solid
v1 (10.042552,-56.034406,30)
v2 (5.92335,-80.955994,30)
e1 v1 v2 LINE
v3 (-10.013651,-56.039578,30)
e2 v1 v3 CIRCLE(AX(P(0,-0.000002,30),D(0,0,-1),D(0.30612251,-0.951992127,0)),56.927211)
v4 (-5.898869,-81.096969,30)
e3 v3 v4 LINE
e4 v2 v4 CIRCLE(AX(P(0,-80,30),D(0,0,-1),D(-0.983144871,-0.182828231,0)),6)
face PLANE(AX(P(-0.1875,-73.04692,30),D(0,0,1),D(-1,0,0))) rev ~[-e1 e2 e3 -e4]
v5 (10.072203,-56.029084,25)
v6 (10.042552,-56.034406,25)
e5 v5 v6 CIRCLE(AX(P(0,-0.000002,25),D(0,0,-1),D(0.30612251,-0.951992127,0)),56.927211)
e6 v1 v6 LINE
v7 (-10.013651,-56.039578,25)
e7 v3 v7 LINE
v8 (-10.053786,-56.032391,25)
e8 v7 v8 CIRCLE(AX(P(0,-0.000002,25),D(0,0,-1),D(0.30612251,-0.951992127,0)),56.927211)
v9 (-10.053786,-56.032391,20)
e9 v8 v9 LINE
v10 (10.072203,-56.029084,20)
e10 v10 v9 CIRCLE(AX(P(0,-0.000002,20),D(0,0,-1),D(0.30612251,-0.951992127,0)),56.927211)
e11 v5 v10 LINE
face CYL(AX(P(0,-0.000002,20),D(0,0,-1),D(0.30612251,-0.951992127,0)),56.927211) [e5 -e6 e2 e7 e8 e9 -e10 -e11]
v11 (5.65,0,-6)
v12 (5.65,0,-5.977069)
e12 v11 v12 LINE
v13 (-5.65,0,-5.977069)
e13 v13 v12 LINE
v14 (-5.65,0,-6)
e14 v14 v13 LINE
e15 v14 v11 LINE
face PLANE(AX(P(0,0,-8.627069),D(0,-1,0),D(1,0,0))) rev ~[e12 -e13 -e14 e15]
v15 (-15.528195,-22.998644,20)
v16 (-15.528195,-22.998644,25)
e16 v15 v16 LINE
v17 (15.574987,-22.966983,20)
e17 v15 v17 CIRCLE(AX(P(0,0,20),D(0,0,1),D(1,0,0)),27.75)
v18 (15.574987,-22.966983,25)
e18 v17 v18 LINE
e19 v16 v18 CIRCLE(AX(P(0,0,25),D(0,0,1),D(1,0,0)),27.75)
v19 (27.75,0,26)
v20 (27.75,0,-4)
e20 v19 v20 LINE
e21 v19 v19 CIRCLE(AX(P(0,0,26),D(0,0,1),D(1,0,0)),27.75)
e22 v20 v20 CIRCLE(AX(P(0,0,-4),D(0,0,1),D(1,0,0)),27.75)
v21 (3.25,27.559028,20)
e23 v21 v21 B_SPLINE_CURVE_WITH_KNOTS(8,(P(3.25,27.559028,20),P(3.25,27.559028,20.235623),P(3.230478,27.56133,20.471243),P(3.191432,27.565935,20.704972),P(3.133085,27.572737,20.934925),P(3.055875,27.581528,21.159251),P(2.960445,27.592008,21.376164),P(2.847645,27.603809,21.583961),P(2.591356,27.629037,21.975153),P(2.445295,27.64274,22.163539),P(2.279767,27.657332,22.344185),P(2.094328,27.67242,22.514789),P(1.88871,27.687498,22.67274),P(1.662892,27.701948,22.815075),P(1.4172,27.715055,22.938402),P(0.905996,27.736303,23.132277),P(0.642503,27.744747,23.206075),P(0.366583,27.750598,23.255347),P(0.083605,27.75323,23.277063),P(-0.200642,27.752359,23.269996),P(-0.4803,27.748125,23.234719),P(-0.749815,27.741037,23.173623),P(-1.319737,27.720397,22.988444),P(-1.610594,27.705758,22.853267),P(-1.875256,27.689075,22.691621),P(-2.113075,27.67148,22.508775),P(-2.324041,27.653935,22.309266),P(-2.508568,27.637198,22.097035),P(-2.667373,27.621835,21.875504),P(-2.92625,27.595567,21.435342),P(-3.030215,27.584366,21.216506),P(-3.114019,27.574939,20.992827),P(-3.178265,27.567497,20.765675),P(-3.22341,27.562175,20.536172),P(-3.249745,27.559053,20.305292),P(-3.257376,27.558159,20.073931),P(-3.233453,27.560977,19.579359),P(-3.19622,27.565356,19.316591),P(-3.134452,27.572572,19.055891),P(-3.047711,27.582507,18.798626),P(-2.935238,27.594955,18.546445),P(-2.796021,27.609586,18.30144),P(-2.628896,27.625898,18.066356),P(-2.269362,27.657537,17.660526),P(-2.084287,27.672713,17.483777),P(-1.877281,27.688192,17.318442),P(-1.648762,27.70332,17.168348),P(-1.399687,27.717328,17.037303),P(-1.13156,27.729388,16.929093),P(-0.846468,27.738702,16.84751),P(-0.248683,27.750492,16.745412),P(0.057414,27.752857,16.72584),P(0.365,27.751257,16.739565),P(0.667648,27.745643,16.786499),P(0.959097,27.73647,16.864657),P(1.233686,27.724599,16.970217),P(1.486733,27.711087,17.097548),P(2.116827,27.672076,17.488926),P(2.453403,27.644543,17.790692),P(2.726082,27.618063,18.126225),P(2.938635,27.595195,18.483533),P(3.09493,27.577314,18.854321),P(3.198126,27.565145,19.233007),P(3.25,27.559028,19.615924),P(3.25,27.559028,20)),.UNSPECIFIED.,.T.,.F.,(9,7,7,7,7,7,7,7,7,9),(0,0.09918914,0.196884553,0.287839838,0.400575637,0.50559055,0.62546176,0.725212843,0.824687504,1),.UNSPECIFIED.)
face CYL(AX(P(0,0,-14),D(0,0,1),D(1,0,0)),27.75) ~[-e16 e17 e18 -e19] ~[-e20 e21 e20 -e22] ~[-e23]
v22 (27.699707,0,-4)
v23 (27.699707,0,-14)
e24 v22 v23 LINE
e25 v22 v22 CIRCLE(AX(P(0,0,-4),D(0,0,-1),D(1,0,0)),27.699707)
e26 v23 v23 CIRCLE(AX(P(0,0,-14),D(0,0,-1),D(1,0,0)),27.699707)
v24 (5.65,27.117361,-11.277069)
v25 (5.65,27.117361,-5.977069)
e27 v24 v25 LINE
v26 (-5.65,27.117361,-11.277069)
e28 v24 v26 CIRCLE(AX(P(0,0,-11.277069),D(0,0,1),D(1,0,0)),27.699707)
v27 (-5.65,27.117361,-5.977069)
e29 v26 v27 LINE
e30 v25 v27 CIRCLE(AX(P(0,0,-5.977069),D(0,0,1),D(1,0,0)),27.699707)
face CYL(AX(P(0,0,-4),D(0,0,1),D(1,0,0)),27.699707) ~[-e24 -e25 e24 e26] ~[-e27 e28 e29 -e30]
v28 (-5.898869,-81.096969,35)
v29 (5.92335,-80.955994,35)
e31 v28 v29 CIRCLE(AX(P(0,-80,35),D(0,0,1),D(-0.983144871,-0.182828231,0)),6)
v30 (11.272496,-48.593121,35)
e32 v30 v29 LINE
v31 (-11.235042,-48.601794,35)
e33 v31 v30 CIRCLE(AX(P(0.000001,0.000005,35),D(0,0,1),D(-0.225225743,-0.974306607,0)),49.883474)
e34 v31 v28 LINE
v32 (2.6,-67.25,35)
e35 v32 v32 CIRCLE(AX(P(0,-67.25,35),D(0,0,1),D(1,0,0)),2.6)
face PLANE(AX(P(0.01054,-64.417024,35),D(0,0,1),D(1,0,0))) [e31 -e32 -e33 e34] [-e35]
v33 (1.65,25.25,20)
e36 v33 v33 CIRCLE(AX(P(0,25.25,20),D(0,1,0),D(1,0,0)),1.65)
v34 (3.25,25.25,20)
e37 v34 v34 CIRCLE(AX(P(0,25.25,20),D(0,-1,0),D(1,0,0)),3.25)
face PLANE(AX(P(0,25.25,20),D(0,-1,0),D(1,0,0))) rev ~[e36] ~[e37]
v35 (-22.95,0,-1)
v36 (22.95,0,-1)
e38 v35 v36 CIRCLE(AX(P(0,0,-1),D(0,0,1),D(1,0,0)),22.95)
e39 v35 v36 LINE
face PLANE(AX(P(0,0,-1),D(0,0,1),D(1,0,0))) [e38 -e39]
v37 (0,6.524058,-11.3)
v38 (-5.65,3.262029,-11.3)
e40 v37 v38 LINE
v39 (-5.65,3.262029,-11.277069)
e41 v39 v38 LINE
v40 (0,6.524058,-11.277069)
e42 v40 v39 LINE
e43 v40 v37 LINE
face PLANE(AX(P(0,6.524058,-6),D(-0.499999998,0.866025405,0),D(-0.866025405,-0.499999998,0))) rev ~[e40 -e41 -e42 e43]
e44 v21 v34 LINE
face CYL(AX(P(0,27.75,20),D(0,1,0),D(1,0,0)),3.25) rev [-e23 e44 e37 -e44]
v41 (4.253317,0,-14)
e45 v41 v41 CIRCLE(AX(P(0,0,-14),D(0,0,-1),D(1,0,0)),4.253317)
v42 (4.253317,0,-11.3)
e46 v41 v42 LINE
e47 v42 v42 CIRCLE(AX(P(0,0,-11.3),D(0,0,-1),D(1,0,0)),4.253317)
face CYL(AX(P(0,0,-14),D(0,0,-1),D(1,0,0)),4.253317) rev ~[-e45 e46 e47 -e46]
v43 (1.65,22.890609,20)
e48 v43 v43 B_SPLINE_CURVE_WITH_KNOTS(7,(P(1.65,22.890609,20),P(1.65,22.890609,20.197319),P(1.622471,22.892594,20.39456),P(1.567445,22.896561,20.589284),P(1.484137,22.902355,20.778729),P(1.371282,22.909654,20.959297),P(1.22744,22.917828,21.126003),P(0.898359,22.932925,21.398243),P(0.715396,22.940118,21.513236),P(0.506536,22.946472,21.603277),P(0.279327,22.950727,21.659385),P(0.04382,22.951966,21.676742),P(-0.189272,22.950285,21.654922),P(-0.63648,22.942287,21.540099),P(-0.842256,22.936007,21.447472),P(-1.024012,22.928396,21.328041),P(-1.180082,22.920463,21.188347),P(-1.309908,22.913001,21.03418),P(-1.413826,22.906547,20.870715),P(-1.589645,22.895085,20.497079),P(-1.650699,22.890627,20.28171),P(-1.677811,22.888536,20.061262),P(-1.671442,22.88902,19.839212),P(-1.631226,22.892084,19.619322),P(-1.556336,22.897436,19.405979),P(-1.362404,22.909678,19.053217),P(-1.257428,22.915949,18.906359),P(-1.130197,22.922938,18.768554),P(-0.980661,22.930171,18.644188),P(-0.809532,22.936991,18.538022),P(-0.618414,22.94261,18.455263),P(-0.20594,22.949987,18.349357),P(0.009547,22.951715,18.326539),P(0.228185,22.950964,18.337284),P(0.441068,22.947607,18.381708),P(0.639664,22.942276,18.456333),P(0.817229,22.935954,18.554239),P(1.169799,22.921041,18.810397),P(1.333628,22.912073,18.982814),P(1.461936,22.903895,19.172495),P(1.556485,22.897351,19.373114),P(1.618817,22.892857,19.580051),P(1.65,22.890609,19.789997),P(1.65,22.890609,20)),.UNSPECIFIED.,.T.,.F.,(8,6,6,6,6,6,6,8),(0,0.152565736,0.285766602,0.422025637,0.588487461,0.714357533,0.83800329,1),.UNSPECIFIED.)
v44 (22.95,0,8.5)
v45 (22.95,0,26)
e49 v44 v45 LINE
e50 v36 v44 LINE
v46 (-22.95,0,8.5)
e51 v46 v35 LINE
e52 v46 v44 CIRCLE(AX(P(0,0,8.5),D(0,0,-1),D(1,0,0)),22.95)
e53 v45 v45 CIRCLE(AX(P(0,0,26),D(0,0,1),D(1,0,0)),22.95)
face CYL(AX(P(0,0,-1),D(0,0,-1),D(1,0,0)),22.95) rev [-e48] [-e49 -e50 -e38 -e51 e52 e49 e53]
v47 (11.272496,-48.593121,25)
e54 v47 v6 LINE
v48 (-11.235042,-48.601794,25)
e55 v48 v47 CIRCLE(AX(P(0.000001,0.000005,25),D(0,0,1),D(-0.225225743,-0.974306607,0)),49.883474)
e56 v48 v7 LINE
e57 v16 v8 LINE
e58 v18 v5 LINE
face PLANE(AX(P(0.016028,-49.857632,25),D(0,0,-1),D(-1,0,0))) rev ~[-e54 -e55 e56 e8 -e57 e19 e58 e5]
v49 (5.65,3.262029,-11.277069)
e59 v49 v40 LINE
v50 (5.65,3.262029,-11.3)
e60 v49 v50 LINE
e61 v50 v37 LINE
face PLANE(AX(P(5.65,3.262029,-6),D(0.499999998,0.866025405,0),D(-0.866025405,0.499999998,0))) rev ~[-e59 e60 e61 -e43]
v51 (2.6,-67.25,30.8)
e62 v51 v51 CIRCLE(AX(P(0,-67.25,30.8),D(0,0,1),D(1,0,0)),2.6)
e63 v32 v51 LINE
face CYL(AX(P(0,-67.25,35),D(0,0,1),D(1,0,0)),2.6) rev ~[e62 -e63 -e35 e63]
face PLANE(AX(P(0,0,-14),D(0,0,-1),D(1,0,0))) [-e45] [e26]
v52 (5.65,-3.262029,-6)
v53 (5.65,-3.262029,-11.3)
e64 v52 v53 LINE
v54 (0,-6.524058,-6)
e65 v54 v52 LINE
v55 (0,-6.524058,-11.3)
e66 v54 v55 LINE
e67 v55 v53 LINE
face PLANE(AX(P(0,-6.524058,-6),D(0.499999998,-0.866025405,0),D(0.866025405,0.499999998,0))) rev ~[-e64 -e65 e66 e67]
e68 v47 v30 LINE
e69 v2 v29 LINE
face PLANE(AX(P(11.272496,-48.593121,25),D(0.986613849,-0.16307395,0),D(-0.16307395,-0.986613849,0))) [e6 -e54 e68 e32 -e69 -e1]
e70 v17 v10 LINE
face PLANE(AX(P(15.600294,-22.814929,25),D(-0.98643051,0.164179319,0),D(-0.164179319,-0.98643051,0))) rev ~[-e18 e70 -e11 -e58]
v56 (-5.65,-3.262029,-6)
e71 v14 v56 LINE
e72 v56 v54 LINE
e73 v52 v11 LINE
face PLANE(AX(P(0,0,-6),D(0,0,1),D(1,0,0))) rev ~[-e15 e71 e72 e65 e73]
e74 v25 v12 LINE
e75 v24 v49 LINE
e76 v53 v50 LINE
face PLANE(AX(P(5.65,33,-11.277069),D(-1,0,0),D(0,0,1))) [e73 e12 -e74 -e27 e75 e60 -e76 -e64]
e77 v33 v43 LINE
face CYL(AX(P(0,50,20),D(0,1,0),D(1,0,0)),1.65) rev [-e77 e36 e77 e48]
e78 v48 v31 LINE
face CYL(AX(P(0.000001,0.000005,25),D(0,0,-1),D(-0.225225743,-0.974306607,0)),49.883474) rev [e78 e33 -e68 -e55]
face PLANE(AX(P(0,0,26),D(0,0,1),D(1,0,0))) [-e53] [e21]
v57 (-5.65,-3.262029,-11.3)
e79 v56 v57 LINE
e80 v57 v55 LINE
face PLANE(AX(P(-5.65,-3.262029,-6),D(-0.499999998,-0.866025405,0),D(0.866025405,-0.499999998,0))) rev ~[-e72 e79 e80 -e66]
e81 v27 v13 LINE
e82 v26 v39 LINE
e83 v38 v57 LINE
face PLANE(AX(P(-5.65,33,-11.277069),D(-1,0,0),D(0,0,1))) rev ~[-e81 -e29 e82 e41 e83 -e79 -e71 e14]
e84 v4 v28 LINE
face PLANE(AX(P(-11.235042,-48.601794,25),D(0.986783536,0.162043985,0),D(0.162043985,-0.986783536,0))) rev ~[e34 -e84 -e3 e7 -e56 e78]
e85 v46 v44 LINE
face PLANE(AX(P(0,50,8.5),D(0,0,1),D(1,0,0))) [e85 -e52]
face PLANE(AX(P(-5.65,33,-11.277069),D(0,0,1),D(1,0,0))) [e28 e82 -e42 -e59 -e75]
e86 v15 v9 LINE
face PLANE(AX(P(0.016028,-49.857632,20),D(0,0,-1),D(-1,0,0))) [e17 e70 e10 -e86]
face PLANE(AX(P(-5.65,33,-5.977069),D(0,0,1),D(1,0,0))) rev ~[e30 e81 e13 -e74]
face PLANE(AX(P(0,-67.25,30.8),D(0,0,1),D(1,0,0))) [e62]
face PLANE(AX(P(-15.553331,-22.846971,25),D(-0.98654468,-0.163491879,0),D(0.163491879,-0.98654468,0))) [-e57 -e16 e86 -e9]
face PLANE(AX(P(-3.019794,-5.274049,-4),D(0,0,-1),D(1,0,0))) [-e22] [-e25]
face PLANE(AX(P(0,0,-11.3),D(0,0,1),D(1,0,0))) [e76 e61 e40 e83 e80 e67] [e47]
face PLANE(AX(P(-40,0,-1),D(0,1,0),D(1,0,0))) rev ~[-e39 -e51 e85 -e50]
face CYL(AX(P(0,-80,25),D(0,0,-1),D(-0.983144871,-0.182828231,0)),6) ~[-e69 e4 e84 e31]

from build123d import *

# Parameters (mm, degrees)
CYLINDER016_R     = 1.65
CYLINDER016_DEPTH = 50
CYLINDER017_R     = 3.25
CYLINDER017_DEPTH = 2.5
BOX005_W          = 80
BOX005_H          = 100
BOX005_DEPTH      = 9.5
CYLINDER014_R     = 22.95
CYLINDER014_DEPTH = 27
CYLINDER015_R     = 27.75
CYLINDER015_DEPTH = 40
SKETCH013_R       = 27.75
PAD001_DEPTH      = 10
SKETCH014_W       = 24
SKETCH014_H       = 14.2
POCKET013_DEPTH   = 28
SKETCH015_R       = 8.1
POCKET014_DEPTH   = 15
POCKET015_DEPTH   = 14.4
PAD003_DEPTH      = 5
PAD004_DEPTH      = 10
POCKET017_DEPTH   = 10
SKETCH022_R       = 2.6
POCKET018_DEPTH   = 4.2
SKETCH023_W       = 108.293205
SKETCH023_H       = 87.132465
POCKET019_DEPTH   = 20
SKETCH024_R       = 27.699707
PAD005_DEPTH      = 10
SKETCH025_W       = 11.3
SKETCH025_H       = 5.3
POCKET020_DEPTH   = 33
POCKET021_DEPTH   = 5.3
SKETCH027_R       = 4.253317
POCKET022_DEPTH   = 8


with BuildPart() as cylinder016:
    # Cylinder016 → Cylinder016 (new body)
    with BuildSketch(Plane(origin=(0, 50, 20), x_dir=(1, 0, 0), z_dir=(0, -1, 0))):
        Circle(CYLINDER016_R)
    extrude(amount=CYLINDER016_DEPTH)


with BuildPart() as cylinder017:
    # Cylinder017 → Cylinder017 (new body)
    with BuildSketch(Plane(origin=(0, 27.75, 20), x_dir=(1, 0, 0), z_dir=(0, -1, 0))):
        Circle(CYLINDER017_R)
    extrude(amount=CYLINDER017_DEPTH)


with BuildPart() as addcube001:
    # Box005 → Box005 (new body)
    with BuildSketch(Plane(origin=(-40, 0, -1), x_dir=(1, 0, 0), z_dir=(0, 0, 1))):
        with Locations((40, 50)):
            Rectangle(BOX005_W, BOX005_H)
    extrude(amount=BOX005_DEPTH)


with BuildPart() as fusion007:
    # Cylinder014 → Cylinder014 (new body)
    with BuildSketch(Plane.XY.offset(-1)):
        Circle(CYLINDER014_R)
    extrude(amount=CYLINDER014_DEPTH)

    # Cut011: cut AddCube001
    add(addcube001.part, mode=Mode.SUBTRACT)

    # Fusion007: union Cylinder016, Cylinder017
    add(cylinder016.part)
    add(cylinder017.part)


with BuildPart() as mounttotripod:
    # Cylinder015 → Cylinder015 (new body)
    with BuildSketch(Plane.XY.offset(-14)):
        Circle(CYLINDER015_R)
    extrude(amount=CYLINDER015_DEPTH)

    # Cut010: cut Fusion007
    add(fusion007.part, mode=Mode.SUBTRACT)

    # Sketch013 (on Face2 of BaseFeature003) → Pad001 (new body)
    with BuildSketch(Plane(origin=(0, 0, -14), x_dir=(1, 0, 0), z_dir=(0, 0, -1))):
        Circle(SKETCH013_R)
    extrude(amount=PAD001_DEPTH)

    # Sketch014 → Pocket013 (cut)
    with BuildSketch(Plane(origin=(0, 28, 0), x_dir=(-1, 0, 0), z_dir=(0, 1, 0))):
        with Locations((0, -12.1)):
            Rectangle(SKETCH014_W, SKETCH014_H)
    extrude(amount=-POCKET013_DEPTH, mode=Mode.SUBTRACT)

    # Sketch015 (on Face6 of Pocket013) → Pocket014 (cut)
    with BuildSketch(Plane(origin=(0, 0, -24), x_dir=(1, 0, 0), z_dir=(0, 0, -1))):
        Circle(SKETCH015_R)
    extrude(amount=-POCKET014_DEPTH, mode=Mode.SUBTRACT)

    # Sketch016 (on Face6 of Pocket014) → Pocket015 (cut)
    with BuildSketch(Plane(origin=(0, 0, -19.3), x_dir=(1, 0, 0), z_dir=(0, 0, -1))):
        Polygon((0, -14.036056), (12.155581, -7.018028), (12.155581, 7.018028), (0, 14.036056), (-12.155581, 7.018028), (-12.155581, -7.018028), align=None)
    extrude(amount=-POCKET015_DEPTH, mode=Mode.SUBTRACT)

    # Sketch019 (on Face8 of Pocket015) → Pad003 (join)
    with BuildSketch(Plane.XY.offset(25)):
        with BuildLine():
            ThreePointArc((-15.553331, -22.846971), (0.028426, -27.638548), (15.600294, -22.814929))
            Line((15.600294, -22.814929), (5.918583, -80.985076))
            ThreePointArc((-5.919268, -80.980951), (-0.002091, -86), (5.918583, -80.985076))
            Line((-15.553331, -22.846971), (-5.919268, -80.980951))
        make_face()
    extrude(amount=-PAD003_DEPTH)

    # Sketch020 (on Face12 of Pad003) → Pad004 (join)
    with BuildSketch(Plane.XY.offset(25)):
        with BuildLine():
            ThreePointArc((-5.898869, -81.096969), (0.071542, -85.999573), (5.92335, -80.955994))
            Line((11.272496, -48.593121), (5.92335, -80.955994))
            ThreePointArc((-11.235042, -48.601794), (0.019223, -49.883466), (11.272496, -48.593121))
            Line((-11.235042, -48.601794), (-5.898869, -81.096969))
        make_face()
    extrude(amount=PAD004_DEPTH)

    # Sketch021 (on Face10 of Pad004) → Pocket017 (cut)
    with BuildSketch(Plane(origin=(0, 0, 20), x_dir=(1, 0, 0), z_dir=(0, 0, -1))):
        with BuildLine():
            ThreePointArc((17.426701, 54.194258), (-0.181494, 56.926923), (-17.771906, 54.082038))
            Line((-17.771906, 54.082038), (-17.771906, 91.276634))
            Line((17.426701, 91.276634), (-17.771906, 91.276634))
            Line((17.426701, 54.194258), (17.426701, 91.276634))
        make_face()
    extrude(amount=-POCKET017_DEPTH, mode=Mode.SUBTRACT)

    # Sketch022 (on Face33 of Pocket017) → Pocket018 (cut)
    with BuildSketch(Plane.XY.offset(35)):
        with Locations((0, -67.25)):
            Circle(SKETCH022_R)
    extrude(amount=-POCKET018_DEPTH, mode=Mode.SUBTRACT)

    # Sketch023 (on Face6 of Pocket018) → Pocket019 (cut)
    with BuildSketch(Plane(origin=(0, 0, -24), x_dir=(1, 0, 0), z_dir=(0, 0, -1))):
        with Locations((-3.019794, 5.274049)):
            Rectangle(SKETCH023_W, SKETCH023_H)
    extrude(amount=-POCKET019_DEPTH, mode=Mode.SUBTRACT)

    # Sketch024 (on Face2 of Pocket019) → Pad005 (join)
    with BuildSketch(Plane(origin=(0, 0, -4), x_dir=(1, 0, 0), z_dir=(0, 0, -1))):
        Circle(SKETCH024_R)
    extrude(amount=PAD005_DEPTH)

    # Sketch025 → Pocket020 (cut)
    with BuildSketch(Plane.XZ.offset(-33)):
        with Locations((0, -8.627069)):
            Rectangle(SKETCH025_W, SKETCH025_H)
    extrude(amount=POCKET020_DEPTH, mode=Mode.SUBTRACT)

    # Sketch026 → Pocket021 (cut)
    with BuildSketch(Plane.XY.offset(-6)):
        Polygon((5.65, -3.262029), (5.65, 3.262029), (0, 6.524058), (-5.65, 3.262029), (-5.65, -3.262029), (0, -6.524058), align=None)
    extrude(amount=-POCKET021_DEPTH, mode=Mode.SUBTRACT)

    # Sketch027 (on Face16 of Pocket021) → Pocket022 (cut)
    with BuildSketch(Plane(origin=(0, 0, -14), x_dir=(1, 0, 0), z_dir=(0, 0, -1))):
        Circle(SKETCH027_R)
    extrude(amount=-POCKET022_DEPTH, mode=Mode.SUBTRACT)


solid = mounttotripod.part
